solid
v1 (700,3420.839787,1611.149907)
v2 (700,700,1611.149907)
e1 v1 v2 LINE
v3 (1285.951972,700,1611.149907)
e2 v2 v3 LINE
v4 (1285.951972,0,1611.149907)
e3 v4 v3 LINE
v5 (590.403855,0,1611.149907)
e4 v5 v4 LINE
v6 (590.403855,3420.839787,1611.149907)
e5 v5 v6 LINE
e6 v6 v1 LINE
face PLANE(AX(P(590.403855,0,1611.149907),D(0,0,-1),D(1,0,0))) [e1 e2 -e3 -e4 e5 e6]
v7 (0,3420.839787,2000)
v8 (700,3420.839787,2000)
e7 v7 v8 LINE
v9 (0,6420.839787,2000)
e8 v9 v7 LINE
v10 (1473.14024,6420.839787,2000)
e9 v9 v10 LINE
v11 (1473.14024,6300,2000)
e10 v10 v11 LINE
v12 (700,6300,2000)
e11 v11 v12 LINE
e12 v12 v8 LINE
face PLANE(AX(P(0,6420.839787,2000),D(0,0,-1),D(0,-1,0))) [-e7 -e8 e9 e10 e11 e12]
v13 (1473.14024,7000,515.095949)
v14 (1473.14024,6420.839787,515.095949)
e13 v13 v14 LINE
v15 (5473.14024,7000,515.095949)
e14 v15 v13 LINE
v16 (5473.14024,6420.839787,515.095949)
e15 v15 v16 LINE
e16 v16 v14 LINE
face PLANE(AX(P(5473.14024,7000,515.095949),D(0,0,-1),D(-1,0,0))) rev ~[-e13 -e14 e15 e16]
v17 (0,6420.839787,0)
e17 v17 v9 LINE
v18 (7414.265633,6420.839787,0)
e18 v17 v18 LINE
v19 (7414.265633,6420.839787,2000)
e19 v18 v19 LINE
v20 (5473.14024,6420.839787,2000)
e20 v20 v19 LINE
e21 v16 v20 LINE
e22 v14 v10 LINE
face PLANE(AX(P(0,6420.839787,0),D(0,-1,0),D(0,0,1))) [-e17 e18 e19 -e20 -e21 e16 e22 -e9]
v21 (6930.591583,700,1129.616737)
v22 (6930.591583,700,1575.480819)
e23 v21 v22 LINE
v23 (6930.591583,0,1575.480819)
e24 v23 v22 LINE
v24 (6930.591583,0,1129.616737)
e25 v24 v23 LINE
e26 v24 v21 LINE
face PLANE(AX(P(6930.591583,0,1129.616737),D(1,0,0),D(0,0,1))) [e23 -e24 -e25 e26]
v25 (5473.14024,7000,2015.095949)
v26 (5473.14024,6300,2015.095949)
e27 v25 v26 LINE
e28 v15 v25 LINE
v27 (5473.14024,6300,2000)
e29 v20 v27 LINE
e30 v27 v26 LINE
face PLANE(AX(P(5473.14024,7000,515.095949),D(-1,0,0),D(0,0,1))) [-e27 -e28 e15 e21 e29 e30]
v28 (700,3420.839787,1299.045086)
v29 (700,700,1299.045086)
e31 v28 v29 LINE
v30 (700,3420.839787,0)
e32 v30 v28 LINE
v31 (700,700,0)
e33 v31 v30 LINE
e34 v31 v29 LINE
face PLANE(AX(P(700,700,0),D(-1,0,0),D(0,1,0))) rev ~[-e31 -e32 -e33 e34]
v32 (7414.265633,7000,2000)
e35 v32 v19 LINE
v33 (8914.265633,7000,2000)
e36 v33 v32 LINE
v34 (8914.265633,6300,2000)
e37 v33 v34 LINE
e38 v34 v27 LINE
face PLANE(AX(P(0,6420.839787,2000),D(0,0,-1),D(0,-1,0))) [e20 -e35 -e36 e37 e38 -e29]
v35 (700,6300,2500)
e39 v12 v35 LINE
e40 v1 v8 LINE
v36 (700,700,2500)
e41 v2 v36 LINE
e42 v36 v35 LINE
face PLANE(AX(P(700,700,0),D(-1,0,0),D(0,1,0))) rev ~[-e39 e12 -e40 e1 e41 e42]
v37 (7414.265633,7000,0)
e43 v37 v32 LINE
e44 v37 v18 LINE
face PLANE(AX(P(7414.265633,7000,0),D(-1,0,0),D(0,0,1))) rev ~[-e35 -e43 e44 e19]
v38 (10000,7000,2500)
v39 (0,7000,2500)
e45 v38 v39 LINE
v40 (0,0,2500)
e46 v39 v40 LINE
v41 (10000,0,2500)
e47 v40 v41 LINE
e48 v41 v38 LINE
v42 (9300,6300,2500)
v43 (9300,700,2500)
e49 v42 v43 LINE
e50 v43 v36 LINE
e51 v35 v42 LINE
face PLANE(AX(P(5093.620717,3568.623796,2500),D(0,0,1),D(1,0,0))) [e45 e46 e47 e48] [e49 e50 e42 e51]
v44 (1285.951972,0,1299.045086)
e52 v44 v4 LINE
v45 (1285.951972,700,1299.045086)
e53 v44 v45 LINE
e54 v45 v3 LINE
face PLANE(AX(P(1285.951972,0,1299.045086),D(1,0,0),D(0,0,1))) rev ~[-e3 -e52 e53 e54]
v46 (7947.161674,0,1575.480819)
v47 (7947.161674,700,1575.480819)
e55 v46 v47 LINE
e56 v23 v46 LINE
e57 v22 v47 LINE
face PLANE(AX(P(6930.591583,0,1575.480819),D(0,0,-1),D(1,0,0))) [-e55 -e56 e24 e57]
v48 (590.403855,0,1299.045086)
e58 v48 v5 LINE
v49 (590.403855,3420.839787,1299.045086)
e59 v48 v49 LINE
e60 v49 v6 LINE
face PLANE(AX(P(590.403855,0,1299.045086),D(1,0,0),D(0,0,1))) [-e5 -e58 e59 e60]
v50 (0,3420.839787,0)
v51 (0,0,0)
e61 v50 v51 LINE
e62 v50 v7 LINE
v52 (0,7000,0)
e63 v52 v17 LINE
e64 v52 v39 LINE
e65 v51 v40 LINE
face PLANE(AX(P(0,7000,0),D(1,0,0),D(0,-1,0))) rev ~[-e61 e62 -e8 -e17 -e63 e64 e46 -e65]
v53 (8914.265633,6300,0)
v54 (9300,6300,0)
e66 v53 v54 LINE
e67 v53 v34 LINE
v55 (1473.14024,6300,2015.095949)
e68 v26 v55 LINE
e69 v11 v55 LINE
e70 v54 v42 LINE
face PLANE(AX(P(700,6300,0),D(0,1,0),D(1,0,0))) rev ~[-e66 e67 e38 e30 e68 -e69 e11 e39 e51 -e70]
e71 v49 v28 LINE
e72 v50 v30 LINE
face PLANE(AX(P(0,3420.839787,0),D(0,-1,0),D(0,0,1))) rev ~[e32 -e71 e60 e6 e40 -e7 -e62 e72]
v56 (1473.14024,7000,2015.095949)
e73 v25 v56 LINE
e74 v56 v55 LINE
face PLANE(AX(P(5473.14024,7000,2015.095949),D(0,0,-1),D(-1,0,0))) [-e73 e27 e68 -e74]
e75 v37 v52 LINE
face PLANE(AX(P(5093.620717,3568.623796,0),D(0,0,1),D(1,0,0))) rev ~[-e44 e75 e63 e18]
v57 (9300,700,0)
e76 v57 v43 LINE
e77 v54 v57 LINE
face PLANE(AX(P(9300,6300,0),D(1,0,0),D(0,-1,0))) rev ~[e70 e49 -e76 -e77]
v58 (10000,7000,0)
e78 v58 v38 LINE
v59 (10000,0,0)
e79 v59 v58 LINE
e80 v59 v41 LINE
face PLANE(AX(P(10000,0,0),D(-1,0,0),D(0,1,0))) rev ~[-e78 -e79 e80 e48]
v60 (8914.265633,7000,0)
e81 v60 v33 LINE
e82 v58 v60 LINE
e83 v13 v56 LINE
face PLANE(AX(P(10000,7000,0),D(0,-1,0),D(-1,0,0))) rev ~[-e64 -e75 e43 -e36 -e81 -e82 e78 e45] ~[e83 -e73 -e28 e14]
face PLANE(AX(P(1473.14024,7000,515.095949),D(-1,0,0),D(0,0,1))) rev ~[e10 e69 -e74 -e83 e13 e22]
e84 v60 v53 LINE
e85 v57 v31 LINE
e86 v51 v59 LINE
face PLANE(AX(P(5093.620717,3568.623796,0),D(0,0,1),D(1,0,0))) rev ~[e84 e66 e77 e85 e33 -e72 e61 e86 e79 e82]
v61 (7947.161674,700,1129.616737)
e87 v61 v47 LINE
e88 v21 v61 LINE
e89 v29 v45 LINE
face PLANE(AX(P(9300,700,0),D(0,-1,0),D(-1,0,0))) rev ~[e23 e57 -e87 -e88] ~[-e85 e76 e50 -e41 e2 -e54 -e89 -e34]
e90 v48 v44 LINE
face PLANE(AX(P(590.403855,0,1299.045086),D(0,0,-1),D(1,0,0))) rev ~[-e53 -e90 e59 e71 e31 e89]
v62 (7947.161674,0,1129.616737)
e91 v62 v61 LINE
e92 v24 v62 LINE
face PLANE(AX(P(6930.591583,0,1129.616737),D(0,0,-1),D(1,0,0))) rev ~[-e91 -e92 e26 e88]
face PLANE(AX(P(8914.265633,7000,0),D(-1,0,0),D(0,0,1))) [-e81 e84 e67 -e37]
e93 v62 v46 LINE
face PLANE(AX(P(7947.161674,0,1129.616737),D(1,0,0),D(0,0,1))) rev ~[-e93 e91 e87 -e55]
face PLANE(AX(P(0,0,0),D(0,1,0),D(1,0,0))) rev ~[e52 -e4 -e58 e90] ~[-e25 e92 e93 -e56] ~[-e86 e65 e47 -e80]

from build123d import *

# Parameters (mm, degrees)
F0_W     = 5.1603317261
F0_H     = 700
F1_DEPTH = 2500
F2_W     = 1500
F2_H     = 2000
F2_W_2   = 4000
F2_H_2   = 1500
F3_DEPTH = 700
F4_W     = 3000
F4_H     = 2000
F5_DEPTH = 7414.2666326294
F6_W     = 695.5481171608
F6_H     = 312.1048212051
F6_W_2   = 1016.5700912476
F6_H_2   = 445.8640813828
F7_DEPTH = 3420.8407865295


with BuildPart() as f1:
    # F0 (on Top) → F1 (new body)
    with BuildSketch(Plane.XY):
        Polygon((0, 7000), (0, 0), (10000, 0), (10000, 7000), (9300, 7000), (9300, 6300), (9300, 700), (700, 700), (700, 6300), (9294.8396682739, 6300), (9294.8396682739, 7000), align=None)
        with Locations((9297.419834137, 6650)):
            Rectangle(F0_W, F0_H)
    extrude(amount=F1_DEPTH)

    # F2 (on face) → F3 (cut, through all)
    with BuildSketch(Plane(origin=(0, 7000, 0), x_dir=(-1, 0, 0), z_dir=(0, 1, 0))):
        with Locations((-8164.2656326294, 1000)):
            Rectangle(F2_W, F2_H)
        with Locations((-3473.1402397156, 1265.095949173)):
            Rectangle(F2_W_2, F2_H_2)
    extrude(amount=-F3_DEPTH, mode=Mode.SUBTRACT)

    # F4 (on face) → F5 (cut, through all)
    with BuildSketch(Plane(origin=(0, 0, 0), x_dir=(0, -1, 0), z_dir=(-1, 0, 0))):
        with Locations((-4920.8397865295, 1000)):
            Rectangle(F4_W, F4_H)
    extrude(amount=-F5_DEPTH, mode=Mode.SUBTRACT)

    # F6 (on face) → F7 (cut, through all)
    with BuildSketch(Plane.XZ):
        with Locations((938.1779134274, 1455.0974965096)):
            Rectangle(F6_W, F6_H)
        with Locations((7438.8766288757, 1352.5487780571)):
            Rectangle(F6_W_2, F6_H_2)
    extrude(amount=-F7_DEPTH, mode=Mode.SUBTRACT)


solid = f1.part
